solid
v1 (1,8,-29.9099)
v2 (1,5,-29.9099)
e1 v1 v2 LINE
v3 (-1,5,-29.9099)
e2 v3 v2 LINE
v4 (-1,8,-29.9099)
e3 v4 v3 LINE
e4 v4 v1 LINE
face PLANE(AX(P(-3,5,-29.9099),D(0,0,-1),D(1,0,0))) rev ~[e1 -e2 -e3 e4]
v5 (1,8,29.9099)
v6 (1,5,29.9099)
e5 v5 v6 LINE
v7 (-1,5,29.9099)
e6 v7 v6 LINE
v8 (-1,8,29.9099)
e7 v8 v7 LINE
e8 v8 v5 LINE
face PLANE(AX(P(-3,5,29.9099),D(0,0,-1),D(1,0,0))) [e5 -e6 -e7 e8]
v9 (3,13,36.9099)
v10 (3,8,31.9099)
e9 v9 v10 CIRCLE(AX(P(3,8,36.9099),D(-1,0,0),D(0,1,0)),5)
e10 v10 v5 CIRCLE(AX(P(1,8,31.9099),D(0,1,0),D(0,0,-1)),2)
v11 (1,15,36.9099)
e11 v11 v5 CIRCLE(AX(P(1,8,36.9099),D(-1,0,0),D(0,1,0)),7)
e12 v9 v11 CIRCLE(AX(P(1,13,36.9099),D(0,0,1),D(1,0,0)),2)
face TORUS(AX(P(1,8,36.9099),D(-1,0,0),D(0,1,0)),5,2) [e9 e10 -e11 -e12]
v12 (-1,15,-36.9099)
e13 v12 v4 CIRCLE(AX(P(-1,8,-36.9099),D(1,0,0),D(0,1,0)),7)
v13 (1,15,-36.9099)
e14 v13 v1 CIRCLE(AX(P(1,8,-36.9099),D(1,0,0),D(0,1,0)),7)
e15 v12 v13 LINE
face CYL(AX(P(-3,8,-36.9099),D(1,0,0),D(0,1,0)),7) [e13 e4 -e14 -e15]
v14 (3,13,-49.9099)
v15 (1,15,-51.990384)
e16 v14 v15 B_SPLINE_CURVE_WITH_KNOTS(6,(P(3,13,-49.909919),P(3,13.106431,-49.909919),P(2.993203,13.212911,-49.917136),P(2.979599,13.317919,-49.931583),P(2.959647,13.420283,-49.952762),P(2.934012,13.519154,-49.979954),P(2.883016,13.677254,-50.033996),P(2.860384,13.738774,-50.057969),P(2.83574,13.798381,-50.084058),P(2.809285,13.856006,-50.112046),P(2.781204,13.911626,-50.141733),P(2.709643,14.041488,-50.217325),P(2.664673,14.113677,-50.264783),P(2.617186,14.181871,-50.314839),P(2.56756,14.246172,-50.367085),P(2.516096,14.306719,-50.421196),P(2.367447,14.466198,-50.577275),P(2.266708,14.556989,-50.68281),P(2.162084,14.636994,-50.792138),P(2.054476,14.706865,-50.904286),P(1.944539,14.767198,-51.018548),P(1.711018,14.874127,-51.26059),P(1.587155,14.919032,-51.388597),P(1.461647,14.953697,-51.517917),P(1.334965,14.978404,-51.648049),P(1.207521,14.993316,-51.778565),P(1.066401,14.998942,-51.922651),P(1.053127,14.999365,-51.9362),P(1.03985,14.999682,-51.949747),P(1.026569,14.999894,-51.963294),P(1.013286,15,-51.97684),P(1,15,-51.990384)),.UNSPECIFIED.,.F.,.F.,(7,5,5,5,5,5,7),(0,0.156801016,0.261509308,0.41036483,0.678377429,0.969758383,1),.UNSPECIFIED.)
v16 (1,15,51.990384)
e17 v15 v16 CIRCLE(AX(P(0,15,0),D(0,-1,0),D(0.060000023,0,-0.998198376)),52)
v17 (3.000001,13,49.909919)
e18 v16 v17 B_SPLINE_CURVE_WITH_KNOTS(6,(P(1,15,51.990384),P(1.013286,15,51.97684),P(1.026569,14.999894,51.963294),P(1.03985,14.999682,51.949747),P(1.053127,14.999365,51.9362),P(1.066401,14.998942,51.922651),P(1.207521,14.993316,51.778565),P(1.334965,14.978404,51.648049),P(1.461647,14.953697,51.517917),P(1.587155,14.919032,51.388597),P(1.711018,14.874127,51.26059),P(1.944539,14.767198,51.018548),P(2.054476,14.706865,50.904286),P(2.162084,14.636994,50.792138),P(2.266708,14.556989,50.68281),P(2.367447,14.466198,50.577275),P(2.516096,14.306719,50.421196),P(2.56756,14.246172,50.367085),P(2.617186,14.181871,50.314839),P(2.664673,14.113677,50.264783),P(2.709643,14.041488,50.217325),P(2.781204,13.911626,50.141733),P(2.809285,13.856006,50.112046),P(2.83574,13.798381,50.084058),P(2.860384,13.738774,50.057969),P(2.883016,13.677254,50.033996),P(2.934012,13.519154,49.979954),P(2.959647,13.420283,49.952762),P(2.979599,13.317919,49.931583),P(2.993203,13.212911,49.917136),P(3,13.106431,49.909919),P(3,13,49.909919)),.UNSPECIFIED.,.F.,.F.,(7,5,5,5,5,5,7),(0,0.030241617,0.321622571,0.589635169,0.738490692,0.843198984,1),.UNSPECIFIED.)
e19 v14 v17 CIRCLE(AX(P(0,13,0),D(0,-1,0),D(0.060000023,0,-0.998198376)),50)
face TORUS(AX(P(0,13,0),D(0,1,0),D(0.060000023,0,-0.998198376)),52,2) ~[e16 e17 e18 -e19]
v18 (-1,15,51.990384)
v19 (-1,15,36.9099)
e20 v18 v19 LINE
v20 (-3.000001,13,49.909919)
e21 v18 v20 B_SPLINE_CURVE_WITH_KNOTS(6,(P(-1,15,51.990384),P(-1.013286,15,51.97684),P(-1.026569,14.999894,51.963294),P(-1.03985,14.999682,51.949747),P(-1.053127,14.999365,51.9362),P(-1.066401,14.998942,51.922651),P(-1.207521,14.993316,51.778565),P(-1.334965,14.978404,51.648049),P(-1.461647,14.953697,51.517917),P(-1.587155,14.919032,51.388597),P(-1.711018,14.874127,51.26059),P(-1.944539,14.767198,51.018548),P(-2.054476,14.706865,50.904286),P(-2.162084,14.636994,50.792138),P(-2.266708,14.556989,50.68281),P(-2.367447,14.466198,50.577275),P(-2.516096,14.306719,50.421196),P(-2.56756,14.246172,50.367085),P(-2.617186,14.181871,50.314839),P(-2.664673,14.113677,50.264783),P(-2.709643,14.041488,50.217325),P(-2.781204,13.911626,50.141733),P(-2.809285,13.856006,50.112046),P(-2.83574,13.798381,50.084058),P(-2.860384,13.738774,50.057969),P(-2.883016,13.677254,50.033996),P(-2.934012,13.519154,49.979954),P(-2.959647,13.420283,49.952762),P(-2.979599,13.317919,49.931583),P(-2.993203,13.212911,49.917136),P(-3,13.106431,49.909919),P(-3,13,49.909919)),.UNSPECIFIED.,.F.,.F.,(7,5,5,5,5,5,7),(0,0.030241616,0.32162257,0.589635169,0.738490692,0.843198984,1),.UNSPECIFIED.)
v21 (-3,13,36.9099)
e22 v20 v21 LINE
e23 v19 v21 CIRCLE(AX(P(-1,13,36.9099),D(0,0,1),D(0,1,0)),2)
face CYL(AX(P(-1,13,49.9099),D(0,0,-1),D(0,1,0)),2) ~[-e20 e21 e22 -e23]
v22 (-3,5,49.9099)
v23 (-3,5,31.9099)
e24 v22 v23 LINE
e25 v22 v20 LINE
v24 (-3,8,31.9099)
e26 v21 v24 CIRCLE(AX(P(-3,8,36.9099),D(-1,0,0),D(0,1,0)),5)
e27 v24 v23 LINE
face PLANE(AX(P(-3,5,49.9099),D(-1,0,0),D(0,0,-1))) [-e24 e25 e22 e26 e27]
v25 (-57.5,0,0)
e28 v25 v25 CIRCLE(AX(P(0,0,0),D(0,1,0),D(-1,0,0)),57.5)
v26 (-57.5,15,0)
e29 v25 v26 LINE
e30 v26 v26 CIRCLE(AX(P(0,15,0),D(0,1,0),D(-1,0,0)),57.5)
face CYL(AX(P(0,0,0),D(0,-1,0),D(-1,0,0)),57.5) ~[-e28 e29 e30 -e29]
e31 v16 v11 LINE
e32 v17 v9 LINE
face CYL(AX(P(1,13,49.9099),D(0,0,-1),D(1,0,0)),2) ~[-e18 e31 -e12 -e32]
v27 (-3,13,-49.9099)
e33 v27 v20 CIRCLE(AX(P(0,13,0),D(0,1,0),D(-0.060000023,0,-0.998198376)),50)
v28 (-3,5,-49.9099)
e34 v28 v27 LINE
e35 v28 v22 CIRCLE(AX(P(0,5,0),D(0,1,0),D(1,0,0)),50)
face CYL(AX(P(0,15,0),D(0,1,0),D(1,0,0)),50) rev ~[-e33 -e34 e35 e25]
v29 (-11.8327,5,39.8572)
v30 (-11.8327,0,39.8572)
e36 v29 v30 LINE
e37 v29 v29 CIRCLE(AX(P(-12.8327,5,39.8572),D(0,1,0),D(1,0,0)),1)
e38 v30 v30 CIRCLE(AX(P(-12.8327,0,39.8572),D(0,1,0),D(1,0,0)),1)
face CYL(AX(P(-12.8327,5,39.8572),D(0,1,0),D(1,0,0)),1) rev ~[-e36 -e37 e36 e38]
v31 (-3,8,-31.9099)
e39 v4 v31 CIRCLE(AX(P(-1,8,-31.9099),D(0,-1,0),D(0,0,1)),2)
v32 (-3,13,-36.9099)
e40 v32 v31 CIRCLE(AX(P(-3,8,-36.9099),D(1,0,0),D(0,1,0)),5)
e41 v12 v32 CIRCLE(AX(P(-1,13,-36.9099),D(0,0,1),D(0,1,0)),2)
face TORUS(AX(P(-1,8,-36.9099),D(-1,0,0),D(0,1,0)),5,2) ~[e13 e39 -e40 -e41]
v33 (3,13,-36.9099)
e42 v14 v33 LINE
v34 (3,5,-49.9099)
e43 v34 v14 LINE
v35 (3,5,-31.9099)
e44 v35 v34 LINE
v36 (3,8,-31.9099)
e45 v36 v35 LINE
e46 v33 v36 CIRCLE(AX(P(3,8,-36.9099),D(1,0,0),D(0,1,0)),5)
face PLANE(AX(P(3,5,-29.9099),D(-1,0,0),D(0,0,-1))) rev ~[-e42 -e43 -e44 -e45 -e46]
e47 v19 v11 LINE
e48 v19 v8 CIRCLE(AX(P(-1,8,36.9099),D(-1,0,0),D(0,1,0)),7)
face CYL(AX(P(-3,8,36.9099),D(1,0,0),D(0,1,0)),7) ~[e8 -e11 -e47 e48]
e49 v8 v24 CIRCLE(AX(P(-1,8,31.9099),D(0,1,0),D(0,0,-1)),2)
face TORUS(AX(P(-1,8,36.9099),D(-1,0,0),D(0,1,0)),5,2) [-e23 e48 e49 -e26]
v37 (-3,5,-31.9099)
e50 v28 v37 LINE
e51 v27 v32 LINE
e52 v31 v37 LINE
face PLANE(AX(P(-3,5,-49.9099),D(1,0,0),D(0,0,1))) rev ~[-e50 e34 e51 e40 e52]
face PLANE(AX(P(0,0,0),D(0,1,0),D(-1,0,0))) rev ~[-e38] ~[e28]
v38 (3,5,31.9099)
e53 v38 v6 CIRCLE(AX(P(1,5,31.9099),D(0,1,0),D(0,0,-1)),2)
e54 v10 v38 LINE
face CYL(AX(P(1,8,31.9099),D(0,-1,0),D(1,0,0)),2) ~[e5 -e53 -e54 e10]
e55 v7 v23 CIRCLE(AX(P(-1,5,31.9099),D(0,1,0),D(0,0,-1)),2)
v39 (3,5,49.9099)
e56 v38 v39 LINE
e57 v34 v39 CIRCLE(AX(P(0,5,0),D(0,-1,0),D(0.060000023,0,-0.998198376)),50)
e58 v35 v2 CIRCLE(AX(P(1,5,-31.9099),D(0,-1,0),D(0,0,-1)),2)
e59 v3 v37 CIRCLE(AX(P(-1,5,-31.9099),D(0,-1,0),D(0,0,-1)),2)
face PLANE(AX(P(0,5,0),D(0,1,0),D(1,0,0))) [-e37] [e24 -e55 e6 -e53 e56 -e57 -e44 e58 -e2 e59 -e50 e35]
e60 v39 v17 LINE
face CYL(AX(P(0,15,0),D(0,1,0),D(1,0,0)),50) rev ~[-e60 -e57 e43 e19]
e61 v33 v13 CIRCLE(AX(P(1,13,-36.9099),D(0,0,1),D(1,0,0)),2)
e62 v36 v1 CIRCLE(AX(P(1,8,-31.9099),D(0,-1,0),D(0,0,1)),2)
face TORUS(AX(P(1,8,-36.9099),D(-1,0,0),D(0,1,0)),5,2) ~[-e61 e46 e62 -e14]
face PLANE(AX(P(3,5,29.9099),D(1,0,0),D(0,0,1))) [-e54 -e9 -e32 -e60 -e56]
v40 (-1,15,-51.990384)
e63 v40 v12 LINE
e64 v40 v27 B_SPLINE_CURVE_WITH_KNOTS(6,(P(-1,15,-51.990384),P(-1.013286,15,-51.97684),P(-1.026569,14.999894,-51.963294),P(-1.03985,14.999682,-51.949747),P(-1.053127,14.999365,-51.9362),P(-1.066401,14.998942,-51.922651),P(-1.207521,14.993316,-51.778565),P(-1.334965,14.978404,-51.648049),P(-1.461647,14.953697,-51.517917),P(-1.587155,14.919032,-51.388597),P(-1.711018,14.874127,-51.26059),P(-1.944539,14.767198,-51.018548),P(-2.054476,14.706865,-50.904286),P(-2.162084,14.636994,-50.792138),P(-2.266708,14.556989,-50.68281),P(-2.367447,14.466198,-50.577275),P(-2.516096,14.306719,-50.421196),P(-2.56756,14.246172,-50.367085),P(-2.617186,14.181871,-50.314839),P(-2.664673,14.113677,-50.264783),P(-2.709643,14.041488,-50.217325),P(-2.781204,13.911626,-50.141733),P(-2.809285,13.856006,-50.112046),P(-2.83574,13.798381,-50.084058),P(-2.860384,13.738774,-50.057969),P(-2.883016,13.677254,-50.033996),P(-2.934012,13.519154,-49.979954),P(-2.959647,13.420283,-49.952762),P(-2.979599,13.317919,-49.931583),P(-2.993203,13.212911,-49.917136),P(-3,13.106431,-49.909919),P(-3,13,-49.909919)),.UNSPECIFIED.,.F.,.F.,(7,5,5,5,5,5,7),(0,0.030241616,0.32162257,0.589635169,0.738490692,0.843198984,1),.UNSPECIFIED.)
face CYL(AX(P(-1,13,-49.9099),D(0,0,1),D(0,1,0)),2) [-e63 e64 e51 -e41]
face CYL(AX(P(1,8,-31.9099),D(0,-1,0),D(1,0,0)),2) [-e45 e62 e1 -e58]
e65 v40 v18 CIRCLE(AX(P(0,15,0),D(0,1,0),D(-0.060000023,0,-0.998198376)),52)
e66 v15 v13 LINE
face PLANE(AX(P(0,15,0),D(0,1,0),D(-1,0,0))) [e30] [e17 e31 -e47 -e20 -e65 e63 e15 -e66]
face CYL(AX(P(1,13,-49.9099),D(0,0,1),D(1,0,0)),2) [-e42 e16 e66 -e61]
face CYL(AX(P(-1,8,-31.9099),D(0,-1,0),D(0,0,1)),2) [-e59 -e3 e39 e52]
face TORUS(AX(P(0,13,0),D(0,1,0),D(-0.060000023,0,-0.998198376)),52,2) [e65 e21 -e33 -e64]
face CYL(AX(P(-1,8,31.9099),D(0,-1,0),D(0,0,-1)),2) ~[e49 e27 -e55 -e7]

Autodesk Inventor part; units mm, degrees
ref_plane "YZ Plane" through (0, 0, 0) normal (1, 0, 0) x (0, 1, 0)
ref_plane "XZ Plane" through (0, 0, 0) normal (0, 1, 0) x (-1, 0, 0)
ref_plane "XY Plane" through (0, 0, 0) normal (0, 0, 1) x (1, 0, 0)
sketch "Sketch1" plane through (0, 0, 0) normal (0, 1, 0) x (-1, 0, 0)
  circle A0 centre (0, 0) radius 57.5
  dimension "d0" = 115
extrude "Extrusion1" add sketch "Sketch1" along normal blind 15
sketch "Sketch2" plane through (0, 15, 0) normal (0, 1, 0) x (1, 0, 0)
  circle A0 centre (0, 0) radius 57.5 construction
  circle A1 centre (0, 0) radius 50
  dimension "d3" = 100
extrude "Extrusion2" cut sketch "Sketch2" against normal blind 10
sketch "Sketch3" plane through (0, 5, 0) normal (0, 1, 0) x (1, 0, 0)
  circle A0 centre (0, 0) radius 50 construction
  line L0 (-3, -49.9099) -> (-3, -29.9099)
  line L1 (-3, -29.9099) -> (3, -29.9099)
  line L2 (3, -29.9099) -> (3, -49.9099)
  circle A1 centre (0, 0) radius 50
  line L3 (0, 0) -> (-15.0126, 0) construction
  circle A2 centre (0, 0) radius 50 construction
  line L4 (-3, 49.9099) -> (-3, 29.9099)
  line L5 (-3, 29.9099) -> (3, 29.9099)
  line L6 (3, 29.9099) -> (3, 49.9099)
  circle A3 centre (0, 0) radius 50
  dimension "d6" = 20
  dimension "d7" = 3
  dimension "d8" = 6
extrude "Extrusion3" add sketch "Sketch3" along normal blind 10 contours L0 L1 L2 A1 | A1 L6 L5 L4
fillet "Fillet2" radius 7 2 edges at (0, 15, 29.9099) (0, 15, -29.9099)
fillet "Fillet3" radius 2 14 edges at (3, 12.9497, -31.9602) (3, 6.5, -29.9099) (3, 15, -43.4099) (-3, 12.9497, -31.9602) (-3, 6.5, -29.9099) (-3, 15, -43.4099) (-50, 15, 0) (50, 15, 0) (3, 12.9497, 31.9602) (3, 6.5, 29.9099) (3, 15, 43.4099) (-3, 12.9497, 31.9602) (-3, 6.5, 29.9099) (-3, 15, 43.4099)
thread "Thread1" size "M115x4" class "6g" standard "ANSI Metric M Profile" length 15
sketch "Sketch4" plane through (0, 5, 0) normal (0, 1, 0) x (1, 0, 0)
  circle A0 centre (-12.8327, -39.8572) radius 1
  dimension "d16" = 2
extrude "Extrusion4" cut sketch "Sketch4" against normal blind 10
properties part number "Capac" material "Glass"
